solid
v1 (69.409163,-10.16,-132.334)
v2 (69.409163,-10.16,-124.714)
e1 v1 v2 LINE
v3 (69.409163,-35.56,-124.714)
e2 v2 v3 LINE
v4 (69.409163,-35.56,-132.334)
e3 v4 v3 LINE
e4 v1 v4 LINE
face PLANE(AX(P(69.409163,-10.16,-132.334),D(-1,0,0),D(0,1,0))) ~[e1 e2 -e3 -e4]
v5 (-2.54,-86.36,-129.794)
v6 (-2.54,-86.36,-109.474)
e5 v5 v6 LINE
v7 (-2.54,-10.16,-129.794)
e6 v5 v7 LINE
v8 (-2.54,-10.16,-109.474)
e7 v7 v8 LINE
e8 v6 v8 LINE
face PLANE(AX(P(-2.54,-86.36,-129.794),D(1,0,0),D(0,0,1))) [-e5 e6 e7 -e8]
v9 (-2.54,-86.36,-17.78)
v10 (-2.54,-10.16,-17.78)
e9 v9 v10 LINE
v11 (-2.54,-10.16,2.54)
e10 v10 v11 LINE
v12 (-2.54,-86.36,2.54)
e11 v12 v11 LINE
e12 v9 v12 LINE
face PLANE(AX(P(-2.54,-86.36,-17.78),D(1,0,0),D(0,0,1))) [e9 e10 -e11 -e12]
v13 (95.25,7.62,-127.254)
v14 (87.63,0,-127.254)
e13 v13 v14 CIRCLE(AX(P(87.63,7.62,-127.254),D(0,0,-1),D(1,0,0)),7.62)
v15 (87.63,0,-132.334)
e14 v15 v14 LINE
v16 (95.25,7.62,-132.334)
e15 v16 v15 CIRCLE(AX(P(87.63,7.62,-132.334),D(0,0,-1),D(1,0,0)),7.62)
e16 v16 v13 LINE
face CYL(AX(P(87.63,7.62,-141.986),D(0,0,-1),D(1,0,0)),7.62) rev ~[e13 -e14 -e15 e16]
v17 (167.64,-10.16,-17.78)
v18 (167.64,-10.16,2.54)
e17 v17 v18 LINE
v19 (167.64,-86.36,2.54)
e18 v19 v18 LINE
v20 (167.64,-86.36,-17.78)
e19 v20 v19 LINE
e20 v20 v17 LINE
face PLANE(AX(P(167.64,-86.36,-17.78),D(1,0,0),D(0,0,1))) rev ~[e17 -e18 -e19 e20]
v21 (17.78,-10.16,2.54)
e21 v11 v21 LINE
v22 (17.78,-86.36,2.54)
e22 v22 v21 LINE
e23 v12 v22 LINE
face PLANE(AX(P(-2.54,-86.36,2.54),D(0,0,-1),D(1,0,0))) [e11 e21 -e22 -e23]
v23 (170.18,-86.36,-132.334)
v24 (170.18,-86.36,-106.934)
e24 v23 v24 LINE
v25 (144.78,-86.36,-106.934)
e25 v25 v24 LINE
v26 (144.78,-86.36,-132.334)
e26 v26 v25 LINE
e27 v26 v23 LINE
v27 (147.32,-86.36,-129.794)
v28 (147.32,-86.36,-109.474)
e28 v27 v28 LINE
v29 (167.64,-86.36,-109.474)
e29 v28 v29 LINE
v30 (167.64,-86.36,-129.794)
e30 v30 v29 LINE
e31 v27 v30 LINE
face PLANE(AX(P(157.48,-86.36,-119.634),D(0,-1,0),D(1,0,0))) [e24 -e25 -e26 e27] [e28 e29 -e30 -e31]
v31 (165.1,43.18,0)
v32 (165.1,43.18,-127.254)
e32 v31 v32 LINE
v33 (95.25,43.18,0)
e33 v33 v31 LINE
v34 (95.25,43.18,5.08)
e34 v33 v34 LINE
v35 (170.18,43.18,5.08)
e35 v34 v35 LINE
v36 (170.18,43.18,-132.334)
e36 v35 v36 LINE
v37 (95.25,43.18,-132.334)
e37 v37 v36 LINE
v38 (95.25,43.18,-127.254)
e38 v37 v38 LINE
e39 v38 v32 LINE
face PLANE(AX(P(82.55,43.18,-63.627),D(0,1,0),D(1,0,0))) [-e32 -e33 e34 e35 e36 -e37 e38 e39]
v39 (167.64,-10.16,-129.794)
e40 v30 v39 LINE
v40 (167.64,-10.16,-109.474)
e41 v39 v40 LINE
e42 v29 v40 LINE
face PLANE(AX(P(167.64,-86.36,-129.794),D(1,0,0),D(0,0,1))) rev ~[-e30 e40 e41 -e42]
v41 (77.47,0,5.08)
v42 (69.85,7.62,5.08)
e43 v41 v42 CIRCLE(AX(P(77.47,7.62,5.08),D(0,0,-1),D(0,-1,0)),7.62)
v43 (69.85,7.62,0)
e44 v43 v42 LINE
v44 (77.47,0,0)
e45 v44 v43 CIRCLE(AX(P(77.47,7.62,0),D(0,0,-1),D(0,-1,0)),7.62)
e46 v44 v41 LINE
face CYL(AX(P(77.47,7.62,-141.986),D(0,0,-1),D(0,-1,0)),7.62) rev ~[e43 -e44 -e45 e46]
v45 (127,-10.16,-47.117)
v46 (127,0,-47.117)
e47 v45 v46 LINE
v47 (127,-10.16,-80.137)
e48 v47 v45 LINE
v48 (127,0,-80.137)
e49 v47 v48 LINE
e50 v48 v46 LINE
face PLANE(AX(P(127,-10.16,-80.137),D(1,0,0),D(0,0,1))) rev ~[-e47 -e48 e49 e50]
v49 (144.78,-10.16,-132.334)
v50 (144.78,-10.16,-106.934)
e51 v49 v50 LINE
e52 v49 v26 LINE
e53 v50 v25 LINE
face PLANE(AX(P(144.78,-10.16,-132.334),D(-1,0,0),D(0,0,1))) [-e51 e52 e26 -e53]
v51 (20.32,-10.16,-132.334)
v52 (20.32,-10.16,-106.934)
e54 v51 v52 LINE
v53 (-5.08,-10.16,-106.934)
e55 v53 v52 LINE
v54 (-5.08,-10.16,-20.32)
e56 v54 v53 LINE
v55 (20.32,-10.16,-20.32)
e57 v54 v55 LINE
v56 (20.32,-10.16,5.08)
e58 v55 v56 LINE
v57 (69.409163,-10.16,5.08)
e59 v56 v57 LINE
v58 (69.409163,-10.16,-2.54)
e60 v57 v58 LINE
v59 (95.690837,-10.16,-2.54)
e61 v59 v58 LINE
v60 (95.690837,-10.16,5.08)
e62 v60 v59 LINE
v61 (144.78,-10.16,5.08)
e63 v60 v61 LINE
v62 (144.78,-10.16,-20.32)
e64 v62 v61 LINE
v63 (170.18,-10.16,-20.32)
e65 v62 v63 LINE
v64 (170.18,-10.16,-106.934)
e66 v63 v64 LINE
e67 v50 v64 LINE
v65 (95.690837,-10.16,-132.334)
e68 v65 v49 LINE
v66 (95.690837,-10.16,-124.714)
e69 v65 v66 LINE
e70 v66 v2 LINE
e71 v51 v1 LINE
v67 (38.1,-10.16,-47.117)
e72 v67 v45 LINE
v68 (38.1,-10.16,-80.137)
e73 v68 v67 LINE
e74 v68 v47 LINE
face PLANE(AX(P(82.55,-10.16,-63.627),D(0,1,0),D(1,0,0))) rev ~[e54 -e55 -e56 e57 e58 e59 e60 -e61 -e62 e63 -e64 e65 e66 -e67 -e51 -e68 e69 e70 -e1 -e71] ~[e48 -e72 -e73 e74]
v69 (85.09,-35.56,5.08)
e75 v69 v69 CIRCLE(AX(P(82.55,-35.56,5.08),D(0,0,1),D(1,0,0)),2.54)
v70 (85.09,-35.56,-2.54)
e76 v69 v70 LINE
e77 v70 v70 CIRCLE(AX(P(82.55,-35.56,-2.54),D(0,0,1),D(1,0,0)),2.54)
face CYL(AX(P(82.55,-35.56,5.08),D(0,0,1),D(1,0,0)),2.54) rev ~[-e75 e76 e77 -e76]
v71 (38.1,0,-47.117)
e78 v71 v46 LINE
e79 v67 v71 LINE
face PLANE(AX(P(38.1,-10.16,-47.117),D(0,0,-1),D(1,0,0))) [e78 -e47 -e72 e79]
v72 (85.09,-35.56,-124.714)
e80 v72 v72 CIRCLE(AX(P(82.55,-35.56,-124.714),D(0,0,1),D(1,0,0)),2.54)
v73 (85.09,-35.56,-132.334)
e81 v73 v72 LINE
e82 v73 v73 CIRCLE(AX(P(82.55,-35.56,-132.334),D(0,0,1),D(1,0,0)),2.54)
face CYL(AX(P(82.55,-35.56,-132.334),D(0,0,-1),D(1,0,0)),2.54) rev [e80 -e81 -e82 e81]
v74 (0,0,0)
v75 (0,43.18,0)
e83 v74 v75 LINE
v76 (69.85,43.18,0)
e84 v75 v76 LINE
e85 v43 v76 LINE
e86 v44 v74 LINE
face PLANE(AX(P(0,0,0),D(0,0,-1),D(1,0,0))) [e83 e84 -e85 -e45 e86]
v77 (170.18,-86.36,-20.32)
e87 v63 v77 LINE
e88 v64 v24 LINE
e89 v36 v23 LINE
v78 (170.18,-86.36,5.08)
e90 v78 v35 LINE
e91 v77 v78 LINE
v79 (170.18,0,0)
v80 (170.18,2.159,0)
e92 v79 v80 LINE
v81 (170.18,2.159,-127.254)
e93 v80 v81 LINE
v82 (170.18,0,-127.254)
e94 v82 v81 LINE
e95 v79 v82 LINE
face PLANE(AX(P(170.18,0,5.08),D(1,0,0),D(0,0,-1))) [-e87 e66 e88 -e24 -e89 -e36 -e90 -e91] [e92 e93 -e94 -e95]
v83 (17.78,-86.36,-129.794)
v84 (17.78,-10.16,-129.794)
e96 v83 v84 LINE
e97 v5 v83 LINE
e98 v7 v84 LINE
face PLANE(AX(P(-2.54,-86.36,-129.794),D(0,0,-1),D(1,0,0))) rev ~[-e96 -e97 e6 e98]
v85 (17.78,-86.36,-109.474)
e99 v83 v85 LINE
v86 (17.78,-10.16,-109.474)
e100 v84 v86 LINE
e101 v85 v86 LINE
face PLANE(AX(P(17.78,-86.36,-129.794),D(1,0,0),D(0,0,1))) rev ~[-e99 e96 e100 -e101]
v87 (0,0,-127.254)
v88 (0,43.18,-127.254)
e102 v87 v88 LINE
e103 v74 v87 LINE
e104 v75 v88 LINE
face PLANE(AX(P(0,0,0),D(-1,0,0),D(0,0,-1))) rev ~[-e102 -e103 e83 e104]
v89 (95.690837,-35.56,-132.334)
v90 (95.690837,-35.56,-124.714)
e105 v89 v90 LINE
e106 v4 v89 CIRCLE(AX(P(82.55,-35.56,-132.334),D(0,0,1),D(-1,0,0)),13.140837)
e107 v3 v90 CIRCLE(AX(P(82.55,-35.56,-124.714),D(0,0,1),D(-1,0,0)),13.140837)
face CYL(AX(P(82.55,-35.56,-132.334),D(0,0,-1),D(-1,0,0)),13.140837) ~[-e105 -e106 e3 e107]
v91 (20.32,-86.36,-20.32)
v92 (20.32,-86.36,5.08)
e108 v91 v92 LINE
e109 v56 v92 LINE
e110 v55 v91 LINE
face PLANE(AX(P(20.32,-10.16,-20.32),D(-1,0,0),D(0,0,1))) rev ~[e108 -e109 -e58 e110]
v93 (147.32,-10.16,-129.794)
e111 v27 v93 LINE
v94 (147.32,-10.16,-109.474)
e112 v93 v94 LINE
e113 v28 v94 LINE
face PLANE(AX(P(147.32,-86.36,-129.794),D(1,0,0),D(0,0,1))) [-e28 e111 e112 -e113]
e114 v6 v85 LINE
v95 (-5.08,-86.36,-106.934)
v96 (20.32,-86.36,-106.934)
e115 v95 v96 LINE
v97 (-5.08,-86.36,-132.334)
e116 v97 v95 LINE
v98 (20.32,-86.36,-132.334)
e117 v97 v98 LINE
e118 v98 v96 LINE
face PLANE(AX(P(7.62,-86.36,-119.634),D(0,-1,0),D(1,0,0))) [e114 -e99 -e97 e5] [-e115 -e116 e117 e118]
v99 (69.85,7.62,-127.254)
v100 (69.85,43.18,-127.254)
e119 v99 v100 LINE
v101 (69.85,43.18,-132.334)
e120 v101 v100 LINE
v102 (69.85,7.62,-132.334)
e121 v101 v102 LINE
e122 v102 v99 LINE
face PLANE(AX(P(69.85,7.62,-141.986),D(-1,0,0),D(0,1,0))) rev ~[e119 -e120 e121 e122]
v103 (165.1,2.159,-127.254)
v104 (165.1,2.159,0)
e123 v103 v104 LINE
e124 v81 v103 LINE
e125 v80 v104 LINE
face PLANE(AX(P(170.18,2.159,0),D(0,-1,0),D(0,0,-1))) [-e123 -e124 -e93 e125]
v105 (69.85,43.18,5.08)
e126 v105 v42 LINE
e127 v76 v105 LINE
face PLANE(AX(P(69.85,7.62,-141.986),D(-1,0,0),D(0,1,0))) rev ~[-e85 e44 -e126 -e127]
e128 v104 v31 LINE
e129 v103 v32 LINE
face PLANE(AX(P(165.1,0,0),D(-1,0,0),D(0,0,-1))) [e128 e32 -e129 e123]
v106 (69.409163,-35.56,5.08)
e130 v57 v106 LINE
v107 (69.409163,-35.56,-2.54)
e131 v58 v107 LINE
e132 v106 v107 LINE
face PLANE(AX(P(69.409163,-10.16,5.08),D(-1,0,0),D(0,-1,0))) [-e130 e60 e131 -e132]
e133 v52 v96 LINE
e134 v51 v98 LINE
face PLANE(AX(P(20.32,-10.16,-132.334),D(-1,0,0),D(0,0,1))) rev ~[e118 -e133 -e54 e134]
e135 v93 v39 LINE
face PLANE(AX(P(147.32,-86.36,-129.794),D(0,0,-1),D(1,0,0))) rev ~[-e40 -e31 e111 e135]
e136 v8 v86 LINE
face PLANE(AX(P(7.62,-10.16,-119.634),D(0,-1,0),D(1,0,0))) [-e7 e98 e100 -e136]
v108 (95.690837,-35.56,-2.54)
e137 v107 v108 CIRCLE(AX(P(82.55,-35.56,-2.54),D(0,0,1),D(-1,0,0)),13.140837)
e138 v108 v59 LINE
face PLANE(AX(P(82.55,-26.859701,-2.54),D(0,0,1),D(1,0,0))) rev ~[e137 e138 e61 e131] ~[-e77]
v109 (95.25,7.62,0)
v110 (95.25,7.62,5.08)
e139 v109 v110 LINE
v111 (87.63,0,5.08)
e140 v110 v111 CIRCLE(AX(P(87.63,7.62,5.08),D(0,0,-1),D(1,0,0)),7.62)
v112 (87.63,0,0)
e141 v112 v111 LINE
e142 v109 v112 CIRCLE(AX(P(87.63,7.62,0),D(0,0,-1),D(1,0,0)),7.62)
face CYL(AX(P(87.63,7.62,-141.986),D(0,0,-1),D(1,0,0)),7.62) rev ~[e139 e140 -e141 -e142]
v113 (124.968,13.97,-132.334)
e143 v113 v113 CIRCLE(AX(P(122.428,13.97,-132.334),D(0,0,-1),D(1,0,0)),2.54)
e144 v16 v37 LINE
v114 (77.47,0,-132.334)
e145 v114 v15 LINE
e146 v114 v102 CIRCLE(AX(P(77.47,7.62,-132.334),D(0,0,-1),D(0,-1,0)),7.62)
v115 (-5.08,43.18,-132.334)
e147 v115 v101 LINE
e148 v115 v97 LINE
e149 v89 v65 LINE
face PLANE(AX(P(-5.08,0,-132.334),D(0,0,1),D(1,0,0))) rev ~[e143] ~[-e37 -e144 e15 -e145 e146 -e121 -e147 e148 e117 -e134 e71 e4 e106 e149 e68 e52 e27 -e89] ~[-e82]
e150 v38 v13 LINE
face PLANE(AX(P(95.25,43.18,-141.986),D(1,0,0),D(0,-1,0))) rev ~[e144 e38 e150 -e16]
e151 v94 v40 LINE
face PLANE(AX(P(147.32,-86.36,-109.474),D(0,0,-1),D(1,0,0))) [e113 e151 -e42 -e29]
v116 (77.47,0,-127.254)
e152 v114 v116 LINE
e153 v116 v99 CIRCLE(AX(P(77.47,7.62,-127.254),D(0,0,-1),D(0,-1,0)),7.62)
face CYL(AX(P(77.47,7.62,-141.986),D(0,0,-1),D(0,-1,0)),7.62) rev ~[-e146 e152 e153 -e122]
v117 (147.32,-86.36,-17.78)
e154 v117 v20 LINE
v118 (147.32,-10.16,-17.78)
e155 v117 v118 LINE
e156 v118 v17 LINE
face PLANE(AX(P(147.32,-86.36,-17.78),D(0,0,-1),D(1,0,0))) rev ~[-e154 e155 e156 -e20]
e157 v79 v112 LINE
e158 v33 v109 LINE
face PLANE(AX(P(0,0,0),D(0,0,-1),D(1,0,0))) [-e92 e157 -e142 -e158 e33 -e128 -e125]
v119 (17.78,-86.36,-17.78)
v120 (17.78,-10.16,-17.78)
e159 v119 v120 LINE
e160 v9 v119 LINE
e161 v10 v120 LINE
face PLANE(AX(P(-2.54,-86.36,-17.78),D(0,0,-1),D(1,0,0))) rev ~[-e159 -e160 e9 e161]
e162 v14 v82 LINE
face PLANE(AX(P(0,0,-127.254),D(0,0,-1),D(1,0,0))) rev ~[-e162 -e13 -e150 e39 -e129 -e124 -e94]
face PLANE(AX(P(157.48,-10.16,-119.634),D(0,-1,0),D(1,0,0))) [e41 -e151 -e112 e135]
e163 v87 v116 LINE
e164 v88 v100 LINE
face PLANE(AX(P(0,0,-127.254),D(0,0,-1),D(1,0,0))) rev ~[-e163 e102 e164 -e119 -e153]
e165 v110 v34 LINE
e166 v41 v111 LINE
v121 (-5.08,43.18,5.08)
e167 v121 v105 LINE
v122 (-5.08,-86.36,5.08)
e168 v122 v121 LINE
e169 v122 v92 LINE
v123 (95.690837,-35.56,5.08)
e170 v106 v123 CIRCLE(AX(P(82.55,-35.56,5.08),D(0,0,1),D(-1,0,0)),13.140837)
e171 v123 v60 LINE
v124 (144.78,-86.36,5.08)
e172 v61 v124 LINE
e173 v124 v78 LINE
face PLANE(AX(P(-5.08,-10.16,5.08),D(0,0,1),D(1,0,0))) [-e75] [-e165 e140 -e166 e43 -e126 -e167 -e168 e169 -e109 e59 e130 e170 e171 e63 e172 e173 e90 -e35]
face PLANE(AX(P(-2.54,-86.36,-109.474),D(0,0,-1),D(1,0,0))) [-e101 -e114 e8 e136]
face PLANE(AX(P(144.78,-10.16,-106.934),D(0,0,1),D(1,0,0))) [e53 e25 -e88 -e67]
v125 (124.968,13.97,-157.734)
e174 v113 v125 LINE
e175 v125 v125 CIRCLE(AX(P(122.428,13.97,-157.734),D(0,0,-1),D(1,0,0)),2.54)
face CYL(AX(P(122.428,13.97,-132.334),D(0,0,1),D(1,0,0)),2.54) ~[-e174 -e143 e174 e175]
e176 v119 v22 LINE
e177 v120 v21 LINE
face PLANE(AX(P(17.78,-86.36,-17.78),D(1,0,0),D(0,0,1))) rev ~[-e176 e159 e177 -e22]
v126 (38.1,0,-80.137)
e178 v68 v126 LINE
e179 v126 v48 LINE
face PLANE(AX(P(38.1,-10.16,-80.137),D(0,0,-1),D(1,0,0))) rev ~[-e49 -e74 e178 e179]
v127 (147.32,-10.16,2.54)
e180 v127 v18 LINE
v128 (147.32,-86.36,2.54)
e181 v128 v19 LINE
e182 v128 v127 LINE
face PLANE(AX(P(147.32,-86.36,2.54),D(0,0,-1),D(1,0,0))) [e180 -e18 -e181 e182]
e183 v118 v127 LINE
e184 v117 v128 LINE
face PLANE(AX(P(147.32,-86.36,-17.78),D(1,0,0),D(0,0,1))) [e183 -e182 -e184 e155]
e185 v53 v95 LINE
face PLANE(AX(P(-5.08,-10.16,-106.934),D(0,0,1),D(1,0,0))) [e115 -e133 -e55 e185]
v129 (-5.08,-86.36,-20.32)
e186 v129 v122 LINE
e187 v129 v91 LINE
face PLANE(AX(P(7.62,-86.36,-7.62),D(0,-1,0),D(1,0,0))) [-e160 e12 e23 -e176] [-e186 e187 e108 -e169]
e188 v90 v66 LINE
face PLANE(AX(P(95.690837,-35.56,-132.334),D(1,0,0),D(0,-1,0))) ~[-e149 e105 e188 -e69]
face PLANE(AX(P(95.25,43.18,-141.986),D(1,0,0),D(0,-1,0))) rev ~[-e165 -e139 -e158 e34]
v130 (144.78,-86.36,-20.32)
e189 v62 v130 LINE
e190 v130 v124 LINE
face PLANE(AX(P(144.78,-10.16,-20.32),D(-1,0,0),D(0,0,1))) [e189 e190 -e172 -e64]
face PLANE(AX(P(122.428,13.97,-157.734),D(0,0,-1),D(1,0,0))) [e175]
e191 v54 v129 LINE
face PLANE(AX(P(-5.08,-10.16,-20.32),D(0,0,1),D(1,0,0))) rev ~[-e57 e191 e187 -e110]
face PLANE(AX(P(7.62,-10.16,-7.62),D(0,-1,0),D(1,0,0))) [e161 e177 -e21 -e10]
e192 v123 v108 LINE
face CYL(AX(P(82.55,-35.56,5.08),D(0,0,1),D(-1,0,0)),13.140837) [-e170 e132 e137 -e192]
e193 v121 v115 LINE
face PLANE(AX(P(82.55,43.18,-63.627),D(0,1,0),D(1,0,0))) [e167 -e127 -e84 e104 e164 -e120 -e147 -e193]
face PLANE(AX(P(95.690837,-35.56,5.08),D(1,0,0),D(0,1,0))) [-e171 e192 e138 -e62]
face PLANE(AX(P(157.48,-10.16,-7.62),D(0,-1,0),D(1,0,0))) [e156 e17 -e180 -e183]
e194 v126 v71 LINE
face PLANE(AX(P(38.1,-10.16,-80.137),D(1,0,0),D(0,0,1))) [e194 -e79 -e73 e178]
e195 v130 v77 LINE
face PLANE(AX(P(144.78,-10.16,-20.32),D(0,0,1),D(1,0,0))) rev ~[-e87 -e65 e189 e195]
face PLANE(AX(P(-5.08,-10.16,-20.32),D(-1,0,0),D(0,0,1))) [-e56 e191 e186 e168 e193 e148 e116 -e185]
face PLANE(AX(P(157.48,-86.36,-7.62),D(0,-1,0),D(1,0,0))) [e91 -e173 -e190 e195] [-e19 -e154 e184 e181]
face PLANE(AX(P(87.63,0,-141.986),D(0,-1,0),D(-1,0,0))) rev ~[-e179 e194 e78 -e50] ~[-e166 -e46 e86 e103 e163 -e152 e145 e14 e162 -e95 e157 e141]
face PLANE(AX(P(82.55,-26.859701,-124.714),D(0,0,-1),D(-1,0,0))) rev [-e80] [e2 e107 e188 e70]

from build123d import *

# Parameters (mm, degrees)
SKETCH5_W               = 175.26
SKETCH5_H               = 137.414
SKETCH5_W_2             = 165.1
SKETCH5_H_2             = 127.254
BOSS_EXTRUDE2_DEPTH     = 43.18
SKETCH7_W               = 175.26
SKETCH7_H               = 137.414
BOSS_EXTRUDE4_DEPTH     = 10.16
SKETCH9_W               = 127.254
SKETCH9_H               = 2.159
CUT_EXTRUDE1_DEPTH      = 8.128
CUT_EXTRUDE2_DEPTH      = 13.208
CUT_EXTRUDE2_DEPTH_BACK = 147.066
SKETCH11_W              = 88.9
SKETCH11_H              = 33.02
CUT_EXTRUDE3_DEPTH      = 10.16
SKETCH12_W              = 25.4
SKETCH12_H              = 25.4
BOSS_EXTRUDE5_DEPTH     = 76.2
SKETCH13_W              = 20.32
SKETCH13_H              = 20.32
CUT_EXTRUDE4_DEPTH      = 76.2
SKETCH14_R              = 2.54
BOSS_EXTRUDE6_DEPTH     = 7.62
SKETCH15_R              = 2.54
BOSS_EXTRUDE7_DEPTH     = 25.4


with BuildPart() as part:
    # Sketch5 → Boss-Extrude2 (new body)
    with BuildSketch(Plane(origin=(0, 0, 0), x_dir=(1, 0, 0), z_dir=(0, 1, 0))):
        with Locations((82.55, 63.627)):
            Rectangle(SKETCH5_W, SKETCH5_H)
        with Locations((82.55, 63.627)):
            Rectangle(SKETCH5_W_2, SKETCH5_H_2, mode=Mode.SUBTRACT)
    extrude(amount=BOSS_EXTRUDE2_DEPTH)

    # Sketch7 → Boss-Extrude4 (add)
    with BuildSketch(Plane(origin=(0, 0, 0), x_dir=(1, 0, 0), z_dir=(0, 1, 0))):
        with Locations((82.55, 63.627)):
            Rectangle(SKETCH7_W, SKETCH7_H)
    extrude(amount=-BOSS_EXTRUDE4_DEPTH)

    # Sketch9 → Cut-Extrude1 (cut)
    with BuildSketch(Plane(origin=(170.18, 0, 0), x_dir=(0, 0, -1), z_dir=(1, 0, 0))):
        with Locations((63.627, 1.0795)):
            Rectangle(SKETCH9_W, SKETCH9_H)
    extrude(amount=-CUT_EXTRUDE1_DEPTH, mode=Mode.SUBTRACT)

    # Sketch10 → Cut-Extrude2 (cut, two sides: drawn at the far end of the back side and taken through both)
    with BuildSketch(Plane.XY.offset(5.08).offset(-CUT_EXTRUDE2_DEPTH_BACK)):
        with BuildLine():
            Line((69.85, 43.18), (95.25, 43.18))
            Line((95.25, 43.18), (95.25, 7.62))
            ThreePointArc((95.25, 7.62), (93.018153673, 2.231846327), (87.63, 0))
            Line((87.63, 0), (77.47, 0))
            ThreePointArc((77.47, 0), (72.081846327, 2.231846327), (69.85, 7.62))
            Line((69.85, 7.62), (69.85, 43.18))
        make_face()
    extrude(amount=CUT_EXTRUDE2_DEPTH + CUT_EXTRUDE2_DEPTH_BACK, mode=Mode.SUBTRACT)

    # Sketch11 → Cut-Extrude3 (cut)
    with BuildSketch(Plane.XZ.offset(10.16)):
        with Locations((82.55, -63.627)):
            Rectangle(SKETCH11_W, SKETCH11_H)
    extrude(amount=-CUT_EXTRUDE3_DEPTH, mode=Mode.SUBTRACT)

    # Sketch12 → Boss-Extrude5 (add)
    with BuildSketch(Plane.XZ.offset(10.16)):
        with Locations((7.62, -7.62)):
            Rectangle(SKETCH12_W, SKETCH12_H)
        with Locations((157.48, -7.62)):
            Rectangle(SKETCH12_W, SKETCH12_H)
        with Locations((157.48, -119.634)):
            Rectangle(SKETCH12_W, SKETCH12_H)
        with Locations((7.62, -119.634)):
            Rectangle(SKETCH12_W, SKETCH12_H)
    extrude(amount=BOSS_EXTRUDE5_DEPTH)

    # Sketch13 → Cut-Extrude4 (cut)
    with BuildSketch(Plane.XZ.offset(86.36)):
        with Locations((7.62, -7.62)):
            Rectangle(SKETCH13_W, SKETCH13_H)
        with Locations((157.48, -7.62)):
            Rectangle(SKETCH13_W, SKETCH13_H)
        with Locations((157.48, -119.634)):
            Rectangle(SKETCH13_W, SKETCH13_H)
        with Locations((7.62, -119.634)):
            Rectangle(SKETCH13_W, SKETCH13_H)
    extrude(amount=-CUT_EXTRUDE4_DEPTH, mode=Mode.SUBTRACT)

    # Sketch14 → Boss-Extrude6 (add)
    with BuildSketch(Plane.XY.offset(5.08)):
        with BuildLine():
            Line((69.409163099, -10.16), (69.409163099, -35.56))
            ThreePointArc((69.409163099, -35.56), (82.55, -48.700836901), (95.690836901, -35.56))
            Line((95.690836901, -35.56), (95.690836901, -10.16))
            Line((95.690836901, -10.16), (69.409163099, -10.16))
        make_face()
        with Locations((82.55, -35.56)):
            Circle(SKETCH14_R, mode=Mode.SUBTRACT)
    boss_extrude6 = extrude(amount=-BOSS_EXTRUDE6_DEPTH)

    # Mirror2: Boss-Extrude6 across plane
    add(boss_extrude6.mirror(Plane.XY.offset(-63.627)))

    # Sketch15 → Boss-Extrude7 (add)
    with BuildSketch(Plane(origin=(0, 0, -132.334), x_dir=(-1, 0, 0), z_dir=(0, 0, -1))):
        with Locations(Location((-122.428, 13.97, 0), (0, 0, 180))):
            Circle(SKETCH15_R)
    extrude(amount=BOSS_EXTRUDE7_DEPTH)


solid = part.part
